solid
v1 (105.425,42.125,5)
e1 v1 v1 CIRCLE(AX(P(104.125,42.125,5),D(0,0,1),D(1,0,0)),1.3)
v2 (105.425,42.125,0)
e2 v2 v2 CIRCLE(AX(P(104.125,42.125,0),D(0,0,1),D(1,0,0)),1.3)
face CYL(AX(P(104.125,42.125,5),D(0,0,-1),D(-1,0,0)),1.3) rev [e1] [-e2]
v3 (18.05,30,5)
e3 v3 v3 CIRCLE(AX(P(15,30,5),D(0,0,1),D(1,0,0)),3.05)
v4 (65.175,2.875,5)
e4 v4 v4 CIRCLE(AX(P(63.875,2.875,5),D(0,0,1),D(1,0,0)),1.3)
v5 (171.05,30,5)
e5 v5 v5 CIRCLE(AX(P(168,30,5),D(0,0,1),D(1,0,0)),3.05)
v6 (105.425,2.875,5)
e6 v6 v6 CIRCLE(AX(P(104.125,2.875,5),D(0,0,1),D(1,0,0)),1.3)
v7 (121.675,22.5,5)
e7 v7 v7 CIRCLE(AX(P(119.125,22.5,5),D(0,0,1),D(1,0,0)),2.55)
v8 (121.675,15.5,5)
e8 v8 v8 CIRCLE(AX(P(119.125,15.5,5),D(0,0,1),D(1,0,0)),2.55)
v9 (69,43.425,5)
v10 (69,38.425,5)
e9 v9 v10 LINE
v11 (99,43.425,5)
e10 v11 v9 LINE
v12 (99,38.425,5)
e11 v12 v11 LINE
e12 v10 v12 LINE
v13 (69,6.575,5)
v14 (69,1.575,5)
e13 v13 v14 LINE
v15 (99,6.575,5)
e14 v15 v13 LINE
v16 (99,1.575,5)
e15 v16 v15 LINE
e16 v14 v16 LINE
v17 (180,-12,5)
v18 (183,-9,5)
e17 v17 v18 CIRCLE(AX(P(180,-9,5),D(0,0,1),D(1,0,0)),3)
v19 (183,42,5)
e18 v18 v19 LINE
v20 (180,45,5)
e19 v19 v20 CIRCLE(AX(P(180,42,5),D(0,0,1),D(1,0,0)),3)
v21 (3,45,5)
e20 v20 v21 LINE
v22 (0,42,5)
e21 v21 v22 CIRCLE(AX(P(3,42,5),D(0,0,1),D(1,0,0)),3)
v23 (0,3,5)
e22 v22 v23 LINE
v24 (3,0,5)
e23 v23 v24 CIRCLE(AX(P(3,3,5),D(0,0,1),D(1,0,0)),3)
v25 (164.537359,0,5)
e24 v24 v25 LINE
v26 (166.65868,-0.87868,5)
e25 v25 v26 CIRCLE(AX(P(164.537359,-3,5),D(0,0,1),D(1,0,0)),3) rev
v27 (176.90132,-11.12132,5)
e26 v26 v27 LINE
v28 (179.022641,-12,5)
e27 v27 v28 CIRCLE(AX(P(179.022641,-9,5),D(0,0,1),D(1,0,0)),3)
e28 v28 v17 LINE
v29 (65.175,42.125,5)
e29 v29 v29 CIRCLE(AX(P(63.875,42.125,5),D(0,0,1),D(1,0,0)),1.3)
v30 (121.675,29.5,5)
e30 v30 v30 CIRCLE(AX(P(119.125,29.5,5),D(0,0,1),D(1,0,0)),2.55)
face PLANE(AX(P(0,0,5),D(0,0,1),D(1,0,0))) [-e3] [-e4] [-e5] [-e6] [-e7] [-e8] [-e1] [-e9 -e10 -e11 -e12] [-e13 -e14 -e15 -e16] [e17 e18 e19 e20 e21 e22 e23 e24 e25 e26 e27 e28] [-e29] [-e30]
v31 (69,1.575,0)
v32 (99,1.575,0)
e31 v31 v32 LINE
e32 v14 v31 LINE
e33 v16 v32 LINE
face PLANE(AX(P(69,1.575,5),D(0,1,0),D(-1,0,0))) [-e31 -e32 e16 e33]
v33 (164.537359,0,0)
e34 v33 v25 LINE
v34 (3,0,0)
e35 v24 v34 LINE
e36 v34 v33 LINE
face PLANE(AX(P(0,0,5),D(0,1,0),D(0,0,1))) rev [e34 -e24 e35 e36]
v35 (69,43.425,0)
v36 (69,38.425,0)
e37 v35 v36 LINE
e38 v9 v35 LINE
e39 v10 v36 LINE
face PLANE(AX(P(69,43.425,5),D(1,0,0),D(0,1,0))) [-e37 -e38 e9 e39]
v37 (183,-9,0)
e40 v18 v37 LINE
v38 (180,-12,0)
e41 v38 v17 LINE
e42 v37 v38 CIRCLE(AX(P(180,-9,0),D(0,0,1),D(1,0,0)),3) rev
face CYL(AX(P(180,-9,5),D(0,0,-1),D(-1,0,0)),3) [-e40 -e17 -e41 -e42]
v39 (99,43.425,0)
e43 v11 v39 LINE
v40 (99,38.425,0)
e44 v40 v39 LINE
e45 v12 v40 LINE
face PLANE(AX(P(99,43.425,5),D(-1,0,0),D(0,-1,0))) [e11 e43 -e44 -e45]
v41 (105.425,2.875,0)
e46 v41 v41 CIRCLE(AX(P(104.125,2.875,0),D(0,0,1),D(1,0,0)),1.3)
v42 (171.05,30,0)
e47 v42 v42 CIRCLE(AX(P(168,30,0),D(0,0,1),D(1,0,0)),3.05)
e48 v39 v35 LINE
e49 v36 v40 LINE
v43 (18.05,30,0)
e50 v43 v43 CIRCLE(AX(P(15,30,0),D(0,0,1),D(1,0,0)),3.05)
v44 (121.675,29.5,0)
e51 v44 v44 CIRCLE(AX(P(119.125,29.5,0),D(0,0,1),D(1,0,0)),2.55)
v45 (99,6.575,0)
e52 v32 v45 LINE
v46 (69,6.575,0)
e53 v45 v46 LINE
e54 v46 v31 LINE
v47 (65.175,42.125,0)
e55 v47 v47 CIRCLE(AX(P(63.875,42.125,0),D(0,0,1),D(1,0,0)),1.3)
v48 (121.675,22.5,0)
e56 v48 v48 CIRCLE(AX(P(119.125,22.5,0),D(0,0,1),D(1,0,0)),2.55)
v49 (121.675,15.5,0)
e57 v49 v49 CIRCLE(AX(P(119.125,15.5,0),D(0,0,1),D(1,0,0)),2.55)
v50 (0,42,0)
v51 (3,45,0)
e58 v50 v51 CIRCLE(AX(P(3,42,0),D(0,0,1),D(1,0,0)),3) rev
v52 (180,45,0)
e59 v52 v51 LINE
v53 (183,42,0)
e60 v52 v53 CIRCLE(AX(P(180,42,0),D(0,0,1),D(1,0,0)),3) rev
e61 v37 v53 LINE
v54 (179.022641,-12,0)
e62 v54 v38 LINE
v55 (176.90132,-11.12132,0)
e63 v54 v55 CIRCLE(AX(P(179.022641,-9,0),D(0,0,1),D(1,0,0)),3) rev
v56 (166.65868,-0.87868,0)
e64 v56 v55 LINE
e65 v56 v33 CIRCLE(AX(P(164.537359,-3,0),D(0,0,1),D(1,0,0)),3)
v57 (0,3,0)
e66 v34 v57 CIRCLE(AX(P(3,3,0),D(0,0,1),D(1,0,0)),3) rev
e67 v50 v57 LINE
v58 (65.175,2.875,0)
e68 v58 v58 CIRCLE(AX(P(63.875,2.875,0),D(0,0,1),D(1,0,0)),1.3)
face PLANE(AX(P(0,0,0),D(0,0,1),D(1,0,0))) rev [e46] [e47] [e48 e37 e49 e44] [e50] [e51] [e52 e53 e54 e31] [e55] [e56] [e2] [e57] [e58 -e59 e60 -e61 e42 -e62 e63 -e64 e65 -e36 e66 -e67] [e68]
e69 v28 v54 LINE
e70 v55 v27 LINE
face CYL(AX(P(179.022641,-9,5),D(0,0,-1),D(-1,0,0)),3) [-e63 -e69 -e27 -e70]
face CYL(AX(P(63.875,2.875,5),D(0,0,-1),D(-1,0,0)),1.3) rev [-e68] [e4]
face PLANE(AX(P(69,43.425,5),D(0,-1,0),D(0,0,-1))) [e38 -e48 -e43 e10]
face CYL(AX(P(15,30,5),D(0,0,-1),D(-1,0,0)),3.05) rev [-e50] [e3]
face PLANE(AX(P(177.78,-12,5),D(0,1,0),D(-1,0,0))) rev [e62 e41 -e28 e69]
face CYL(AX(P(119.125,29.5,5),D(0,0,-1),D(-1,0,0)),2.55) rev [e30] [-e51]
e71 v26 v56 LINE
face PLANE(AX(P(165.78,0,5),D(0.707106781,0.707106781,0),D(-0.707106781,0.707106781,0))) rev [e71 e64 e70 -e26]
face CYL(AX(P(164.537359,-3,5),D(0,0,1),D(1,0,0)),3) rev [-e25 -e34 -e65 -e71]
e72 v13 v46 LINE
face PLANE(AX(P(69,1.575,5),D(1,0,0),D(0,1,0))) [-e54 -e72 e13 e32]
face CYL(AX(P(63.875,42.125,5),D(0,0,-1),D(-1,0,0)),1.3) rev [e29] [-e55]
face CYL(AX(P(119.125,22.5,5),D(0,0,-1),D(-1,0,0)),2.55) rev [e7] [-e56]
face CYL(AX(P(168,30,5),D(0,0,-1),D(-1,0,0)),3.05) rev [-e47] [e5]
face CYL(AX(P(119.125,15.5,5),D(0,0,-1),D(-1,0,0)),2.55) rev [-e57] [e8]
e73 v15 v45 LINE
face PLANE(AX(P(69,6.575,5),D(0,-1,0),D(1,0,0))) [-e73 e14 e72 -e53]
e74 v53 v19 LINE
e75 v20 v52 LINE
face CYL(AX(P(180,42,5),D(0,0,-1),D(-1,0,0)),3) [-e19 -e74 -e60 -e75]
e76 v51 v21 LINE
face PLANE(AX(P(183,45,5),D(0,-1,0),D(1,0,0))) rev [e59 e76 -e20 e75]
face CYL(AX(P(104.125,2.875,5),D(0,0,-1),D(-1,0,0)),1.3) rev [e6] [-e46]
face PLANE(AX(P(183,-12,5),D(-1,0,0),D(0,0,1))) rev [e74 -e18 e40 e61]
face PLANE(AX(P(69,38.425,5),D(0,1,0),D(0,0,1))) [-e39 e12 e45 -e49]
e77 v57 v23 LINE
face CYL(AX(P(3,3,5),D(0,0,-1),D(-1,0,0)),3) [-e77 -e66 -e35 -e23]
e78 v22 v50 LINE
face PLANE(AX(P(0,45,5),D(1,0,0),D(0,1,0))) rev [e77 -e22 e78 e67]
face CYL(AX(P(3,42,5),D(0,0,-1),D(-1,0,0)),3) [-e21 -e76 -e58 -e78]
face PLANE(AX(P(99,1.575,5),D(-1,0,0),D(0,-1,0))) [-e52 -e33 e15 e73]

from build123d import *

# Parameters (mm, degrees)
SKETCH1_R           = 3.05
SKETCH1_R_2         = 2.55
SKETCH1_R_3         = 1.3
SKETCH1_W           = 30
SKETCH1_H           = 5
BOSS_EXTRUDE1_DEPTH = 5
FILLET1_R           = 3


with BuildPart() as part:
    # Sketch1 → Boss-Extrude1 (new body)
    with BuildSketch(Plane.XY):
        Polygon((183, -12), (183, 45), (0, 45), (0, 0), (165.78, 0), (177.78, -12), align=None)
        with Locations((15, 30)):
            Circle(SKETCH1_R, mode=Mode.SUBTRACT)
        with Locations((168, 30)):
            Circle(SKETCH1_R, mode=Mode.SUBTRACT)
        with Locations((119.125, 29.5)):
            Circle(SKETCH1_R_2, mode=Mode.SUBTRACT)
        with Locations((119.125, 22.5)):
            Circle(SKETCH1_R_2, mode=Mode.SUBTRACT)
        with Locations((119.125, 15.5)):
            Circle(SKETCH1_R_2, mode=Mode.SUBTRACT)
        with Locations((63.875, 42.125)):
            Circle(SKETCH1_R_3, mode=Mode.SUBTRACT)
        with Locations((104.125, 42.125)):
            Circle(SKETCH1_R_3, mode=Mode.SUBTRACT)
        with Locations((104.125, 2.875)):
            Circle(SKETCH1_R_3, mode=Mode.SUBTRACT)
        with Locations((63.875, 2.875)):
            Circle(SKETCH1_R_3, mode=Mode.SUBTRACT)
        with Locations((84, 40.925)):
            Rectangle(SKETCH1_W, SKETCH1_H, mode=Mode.SUBTRACT)
        with Locations((84, 4.075)):
            Rectangle(SKETCH1_W, SKETCH1_H, mode=Mode.SUBTRACT)
    extrude(amount=BOSS_EXTRUDE1_DEPTH)

    # Fillet1
    fillet1_edges = [part.edges().sort_by_distance(p)[0] for p in [
        (0, 0, 2.5),
        (0, 45, 2.5),
        (183, 45, 2.5),
        (183, -12, 2.5),
        (177.78, -12, 2.5),
        (165.78, 0, 2.5),
    ]]
    fillet(fillet1_edges, radius=FILLET1_R)


solid = part.part
